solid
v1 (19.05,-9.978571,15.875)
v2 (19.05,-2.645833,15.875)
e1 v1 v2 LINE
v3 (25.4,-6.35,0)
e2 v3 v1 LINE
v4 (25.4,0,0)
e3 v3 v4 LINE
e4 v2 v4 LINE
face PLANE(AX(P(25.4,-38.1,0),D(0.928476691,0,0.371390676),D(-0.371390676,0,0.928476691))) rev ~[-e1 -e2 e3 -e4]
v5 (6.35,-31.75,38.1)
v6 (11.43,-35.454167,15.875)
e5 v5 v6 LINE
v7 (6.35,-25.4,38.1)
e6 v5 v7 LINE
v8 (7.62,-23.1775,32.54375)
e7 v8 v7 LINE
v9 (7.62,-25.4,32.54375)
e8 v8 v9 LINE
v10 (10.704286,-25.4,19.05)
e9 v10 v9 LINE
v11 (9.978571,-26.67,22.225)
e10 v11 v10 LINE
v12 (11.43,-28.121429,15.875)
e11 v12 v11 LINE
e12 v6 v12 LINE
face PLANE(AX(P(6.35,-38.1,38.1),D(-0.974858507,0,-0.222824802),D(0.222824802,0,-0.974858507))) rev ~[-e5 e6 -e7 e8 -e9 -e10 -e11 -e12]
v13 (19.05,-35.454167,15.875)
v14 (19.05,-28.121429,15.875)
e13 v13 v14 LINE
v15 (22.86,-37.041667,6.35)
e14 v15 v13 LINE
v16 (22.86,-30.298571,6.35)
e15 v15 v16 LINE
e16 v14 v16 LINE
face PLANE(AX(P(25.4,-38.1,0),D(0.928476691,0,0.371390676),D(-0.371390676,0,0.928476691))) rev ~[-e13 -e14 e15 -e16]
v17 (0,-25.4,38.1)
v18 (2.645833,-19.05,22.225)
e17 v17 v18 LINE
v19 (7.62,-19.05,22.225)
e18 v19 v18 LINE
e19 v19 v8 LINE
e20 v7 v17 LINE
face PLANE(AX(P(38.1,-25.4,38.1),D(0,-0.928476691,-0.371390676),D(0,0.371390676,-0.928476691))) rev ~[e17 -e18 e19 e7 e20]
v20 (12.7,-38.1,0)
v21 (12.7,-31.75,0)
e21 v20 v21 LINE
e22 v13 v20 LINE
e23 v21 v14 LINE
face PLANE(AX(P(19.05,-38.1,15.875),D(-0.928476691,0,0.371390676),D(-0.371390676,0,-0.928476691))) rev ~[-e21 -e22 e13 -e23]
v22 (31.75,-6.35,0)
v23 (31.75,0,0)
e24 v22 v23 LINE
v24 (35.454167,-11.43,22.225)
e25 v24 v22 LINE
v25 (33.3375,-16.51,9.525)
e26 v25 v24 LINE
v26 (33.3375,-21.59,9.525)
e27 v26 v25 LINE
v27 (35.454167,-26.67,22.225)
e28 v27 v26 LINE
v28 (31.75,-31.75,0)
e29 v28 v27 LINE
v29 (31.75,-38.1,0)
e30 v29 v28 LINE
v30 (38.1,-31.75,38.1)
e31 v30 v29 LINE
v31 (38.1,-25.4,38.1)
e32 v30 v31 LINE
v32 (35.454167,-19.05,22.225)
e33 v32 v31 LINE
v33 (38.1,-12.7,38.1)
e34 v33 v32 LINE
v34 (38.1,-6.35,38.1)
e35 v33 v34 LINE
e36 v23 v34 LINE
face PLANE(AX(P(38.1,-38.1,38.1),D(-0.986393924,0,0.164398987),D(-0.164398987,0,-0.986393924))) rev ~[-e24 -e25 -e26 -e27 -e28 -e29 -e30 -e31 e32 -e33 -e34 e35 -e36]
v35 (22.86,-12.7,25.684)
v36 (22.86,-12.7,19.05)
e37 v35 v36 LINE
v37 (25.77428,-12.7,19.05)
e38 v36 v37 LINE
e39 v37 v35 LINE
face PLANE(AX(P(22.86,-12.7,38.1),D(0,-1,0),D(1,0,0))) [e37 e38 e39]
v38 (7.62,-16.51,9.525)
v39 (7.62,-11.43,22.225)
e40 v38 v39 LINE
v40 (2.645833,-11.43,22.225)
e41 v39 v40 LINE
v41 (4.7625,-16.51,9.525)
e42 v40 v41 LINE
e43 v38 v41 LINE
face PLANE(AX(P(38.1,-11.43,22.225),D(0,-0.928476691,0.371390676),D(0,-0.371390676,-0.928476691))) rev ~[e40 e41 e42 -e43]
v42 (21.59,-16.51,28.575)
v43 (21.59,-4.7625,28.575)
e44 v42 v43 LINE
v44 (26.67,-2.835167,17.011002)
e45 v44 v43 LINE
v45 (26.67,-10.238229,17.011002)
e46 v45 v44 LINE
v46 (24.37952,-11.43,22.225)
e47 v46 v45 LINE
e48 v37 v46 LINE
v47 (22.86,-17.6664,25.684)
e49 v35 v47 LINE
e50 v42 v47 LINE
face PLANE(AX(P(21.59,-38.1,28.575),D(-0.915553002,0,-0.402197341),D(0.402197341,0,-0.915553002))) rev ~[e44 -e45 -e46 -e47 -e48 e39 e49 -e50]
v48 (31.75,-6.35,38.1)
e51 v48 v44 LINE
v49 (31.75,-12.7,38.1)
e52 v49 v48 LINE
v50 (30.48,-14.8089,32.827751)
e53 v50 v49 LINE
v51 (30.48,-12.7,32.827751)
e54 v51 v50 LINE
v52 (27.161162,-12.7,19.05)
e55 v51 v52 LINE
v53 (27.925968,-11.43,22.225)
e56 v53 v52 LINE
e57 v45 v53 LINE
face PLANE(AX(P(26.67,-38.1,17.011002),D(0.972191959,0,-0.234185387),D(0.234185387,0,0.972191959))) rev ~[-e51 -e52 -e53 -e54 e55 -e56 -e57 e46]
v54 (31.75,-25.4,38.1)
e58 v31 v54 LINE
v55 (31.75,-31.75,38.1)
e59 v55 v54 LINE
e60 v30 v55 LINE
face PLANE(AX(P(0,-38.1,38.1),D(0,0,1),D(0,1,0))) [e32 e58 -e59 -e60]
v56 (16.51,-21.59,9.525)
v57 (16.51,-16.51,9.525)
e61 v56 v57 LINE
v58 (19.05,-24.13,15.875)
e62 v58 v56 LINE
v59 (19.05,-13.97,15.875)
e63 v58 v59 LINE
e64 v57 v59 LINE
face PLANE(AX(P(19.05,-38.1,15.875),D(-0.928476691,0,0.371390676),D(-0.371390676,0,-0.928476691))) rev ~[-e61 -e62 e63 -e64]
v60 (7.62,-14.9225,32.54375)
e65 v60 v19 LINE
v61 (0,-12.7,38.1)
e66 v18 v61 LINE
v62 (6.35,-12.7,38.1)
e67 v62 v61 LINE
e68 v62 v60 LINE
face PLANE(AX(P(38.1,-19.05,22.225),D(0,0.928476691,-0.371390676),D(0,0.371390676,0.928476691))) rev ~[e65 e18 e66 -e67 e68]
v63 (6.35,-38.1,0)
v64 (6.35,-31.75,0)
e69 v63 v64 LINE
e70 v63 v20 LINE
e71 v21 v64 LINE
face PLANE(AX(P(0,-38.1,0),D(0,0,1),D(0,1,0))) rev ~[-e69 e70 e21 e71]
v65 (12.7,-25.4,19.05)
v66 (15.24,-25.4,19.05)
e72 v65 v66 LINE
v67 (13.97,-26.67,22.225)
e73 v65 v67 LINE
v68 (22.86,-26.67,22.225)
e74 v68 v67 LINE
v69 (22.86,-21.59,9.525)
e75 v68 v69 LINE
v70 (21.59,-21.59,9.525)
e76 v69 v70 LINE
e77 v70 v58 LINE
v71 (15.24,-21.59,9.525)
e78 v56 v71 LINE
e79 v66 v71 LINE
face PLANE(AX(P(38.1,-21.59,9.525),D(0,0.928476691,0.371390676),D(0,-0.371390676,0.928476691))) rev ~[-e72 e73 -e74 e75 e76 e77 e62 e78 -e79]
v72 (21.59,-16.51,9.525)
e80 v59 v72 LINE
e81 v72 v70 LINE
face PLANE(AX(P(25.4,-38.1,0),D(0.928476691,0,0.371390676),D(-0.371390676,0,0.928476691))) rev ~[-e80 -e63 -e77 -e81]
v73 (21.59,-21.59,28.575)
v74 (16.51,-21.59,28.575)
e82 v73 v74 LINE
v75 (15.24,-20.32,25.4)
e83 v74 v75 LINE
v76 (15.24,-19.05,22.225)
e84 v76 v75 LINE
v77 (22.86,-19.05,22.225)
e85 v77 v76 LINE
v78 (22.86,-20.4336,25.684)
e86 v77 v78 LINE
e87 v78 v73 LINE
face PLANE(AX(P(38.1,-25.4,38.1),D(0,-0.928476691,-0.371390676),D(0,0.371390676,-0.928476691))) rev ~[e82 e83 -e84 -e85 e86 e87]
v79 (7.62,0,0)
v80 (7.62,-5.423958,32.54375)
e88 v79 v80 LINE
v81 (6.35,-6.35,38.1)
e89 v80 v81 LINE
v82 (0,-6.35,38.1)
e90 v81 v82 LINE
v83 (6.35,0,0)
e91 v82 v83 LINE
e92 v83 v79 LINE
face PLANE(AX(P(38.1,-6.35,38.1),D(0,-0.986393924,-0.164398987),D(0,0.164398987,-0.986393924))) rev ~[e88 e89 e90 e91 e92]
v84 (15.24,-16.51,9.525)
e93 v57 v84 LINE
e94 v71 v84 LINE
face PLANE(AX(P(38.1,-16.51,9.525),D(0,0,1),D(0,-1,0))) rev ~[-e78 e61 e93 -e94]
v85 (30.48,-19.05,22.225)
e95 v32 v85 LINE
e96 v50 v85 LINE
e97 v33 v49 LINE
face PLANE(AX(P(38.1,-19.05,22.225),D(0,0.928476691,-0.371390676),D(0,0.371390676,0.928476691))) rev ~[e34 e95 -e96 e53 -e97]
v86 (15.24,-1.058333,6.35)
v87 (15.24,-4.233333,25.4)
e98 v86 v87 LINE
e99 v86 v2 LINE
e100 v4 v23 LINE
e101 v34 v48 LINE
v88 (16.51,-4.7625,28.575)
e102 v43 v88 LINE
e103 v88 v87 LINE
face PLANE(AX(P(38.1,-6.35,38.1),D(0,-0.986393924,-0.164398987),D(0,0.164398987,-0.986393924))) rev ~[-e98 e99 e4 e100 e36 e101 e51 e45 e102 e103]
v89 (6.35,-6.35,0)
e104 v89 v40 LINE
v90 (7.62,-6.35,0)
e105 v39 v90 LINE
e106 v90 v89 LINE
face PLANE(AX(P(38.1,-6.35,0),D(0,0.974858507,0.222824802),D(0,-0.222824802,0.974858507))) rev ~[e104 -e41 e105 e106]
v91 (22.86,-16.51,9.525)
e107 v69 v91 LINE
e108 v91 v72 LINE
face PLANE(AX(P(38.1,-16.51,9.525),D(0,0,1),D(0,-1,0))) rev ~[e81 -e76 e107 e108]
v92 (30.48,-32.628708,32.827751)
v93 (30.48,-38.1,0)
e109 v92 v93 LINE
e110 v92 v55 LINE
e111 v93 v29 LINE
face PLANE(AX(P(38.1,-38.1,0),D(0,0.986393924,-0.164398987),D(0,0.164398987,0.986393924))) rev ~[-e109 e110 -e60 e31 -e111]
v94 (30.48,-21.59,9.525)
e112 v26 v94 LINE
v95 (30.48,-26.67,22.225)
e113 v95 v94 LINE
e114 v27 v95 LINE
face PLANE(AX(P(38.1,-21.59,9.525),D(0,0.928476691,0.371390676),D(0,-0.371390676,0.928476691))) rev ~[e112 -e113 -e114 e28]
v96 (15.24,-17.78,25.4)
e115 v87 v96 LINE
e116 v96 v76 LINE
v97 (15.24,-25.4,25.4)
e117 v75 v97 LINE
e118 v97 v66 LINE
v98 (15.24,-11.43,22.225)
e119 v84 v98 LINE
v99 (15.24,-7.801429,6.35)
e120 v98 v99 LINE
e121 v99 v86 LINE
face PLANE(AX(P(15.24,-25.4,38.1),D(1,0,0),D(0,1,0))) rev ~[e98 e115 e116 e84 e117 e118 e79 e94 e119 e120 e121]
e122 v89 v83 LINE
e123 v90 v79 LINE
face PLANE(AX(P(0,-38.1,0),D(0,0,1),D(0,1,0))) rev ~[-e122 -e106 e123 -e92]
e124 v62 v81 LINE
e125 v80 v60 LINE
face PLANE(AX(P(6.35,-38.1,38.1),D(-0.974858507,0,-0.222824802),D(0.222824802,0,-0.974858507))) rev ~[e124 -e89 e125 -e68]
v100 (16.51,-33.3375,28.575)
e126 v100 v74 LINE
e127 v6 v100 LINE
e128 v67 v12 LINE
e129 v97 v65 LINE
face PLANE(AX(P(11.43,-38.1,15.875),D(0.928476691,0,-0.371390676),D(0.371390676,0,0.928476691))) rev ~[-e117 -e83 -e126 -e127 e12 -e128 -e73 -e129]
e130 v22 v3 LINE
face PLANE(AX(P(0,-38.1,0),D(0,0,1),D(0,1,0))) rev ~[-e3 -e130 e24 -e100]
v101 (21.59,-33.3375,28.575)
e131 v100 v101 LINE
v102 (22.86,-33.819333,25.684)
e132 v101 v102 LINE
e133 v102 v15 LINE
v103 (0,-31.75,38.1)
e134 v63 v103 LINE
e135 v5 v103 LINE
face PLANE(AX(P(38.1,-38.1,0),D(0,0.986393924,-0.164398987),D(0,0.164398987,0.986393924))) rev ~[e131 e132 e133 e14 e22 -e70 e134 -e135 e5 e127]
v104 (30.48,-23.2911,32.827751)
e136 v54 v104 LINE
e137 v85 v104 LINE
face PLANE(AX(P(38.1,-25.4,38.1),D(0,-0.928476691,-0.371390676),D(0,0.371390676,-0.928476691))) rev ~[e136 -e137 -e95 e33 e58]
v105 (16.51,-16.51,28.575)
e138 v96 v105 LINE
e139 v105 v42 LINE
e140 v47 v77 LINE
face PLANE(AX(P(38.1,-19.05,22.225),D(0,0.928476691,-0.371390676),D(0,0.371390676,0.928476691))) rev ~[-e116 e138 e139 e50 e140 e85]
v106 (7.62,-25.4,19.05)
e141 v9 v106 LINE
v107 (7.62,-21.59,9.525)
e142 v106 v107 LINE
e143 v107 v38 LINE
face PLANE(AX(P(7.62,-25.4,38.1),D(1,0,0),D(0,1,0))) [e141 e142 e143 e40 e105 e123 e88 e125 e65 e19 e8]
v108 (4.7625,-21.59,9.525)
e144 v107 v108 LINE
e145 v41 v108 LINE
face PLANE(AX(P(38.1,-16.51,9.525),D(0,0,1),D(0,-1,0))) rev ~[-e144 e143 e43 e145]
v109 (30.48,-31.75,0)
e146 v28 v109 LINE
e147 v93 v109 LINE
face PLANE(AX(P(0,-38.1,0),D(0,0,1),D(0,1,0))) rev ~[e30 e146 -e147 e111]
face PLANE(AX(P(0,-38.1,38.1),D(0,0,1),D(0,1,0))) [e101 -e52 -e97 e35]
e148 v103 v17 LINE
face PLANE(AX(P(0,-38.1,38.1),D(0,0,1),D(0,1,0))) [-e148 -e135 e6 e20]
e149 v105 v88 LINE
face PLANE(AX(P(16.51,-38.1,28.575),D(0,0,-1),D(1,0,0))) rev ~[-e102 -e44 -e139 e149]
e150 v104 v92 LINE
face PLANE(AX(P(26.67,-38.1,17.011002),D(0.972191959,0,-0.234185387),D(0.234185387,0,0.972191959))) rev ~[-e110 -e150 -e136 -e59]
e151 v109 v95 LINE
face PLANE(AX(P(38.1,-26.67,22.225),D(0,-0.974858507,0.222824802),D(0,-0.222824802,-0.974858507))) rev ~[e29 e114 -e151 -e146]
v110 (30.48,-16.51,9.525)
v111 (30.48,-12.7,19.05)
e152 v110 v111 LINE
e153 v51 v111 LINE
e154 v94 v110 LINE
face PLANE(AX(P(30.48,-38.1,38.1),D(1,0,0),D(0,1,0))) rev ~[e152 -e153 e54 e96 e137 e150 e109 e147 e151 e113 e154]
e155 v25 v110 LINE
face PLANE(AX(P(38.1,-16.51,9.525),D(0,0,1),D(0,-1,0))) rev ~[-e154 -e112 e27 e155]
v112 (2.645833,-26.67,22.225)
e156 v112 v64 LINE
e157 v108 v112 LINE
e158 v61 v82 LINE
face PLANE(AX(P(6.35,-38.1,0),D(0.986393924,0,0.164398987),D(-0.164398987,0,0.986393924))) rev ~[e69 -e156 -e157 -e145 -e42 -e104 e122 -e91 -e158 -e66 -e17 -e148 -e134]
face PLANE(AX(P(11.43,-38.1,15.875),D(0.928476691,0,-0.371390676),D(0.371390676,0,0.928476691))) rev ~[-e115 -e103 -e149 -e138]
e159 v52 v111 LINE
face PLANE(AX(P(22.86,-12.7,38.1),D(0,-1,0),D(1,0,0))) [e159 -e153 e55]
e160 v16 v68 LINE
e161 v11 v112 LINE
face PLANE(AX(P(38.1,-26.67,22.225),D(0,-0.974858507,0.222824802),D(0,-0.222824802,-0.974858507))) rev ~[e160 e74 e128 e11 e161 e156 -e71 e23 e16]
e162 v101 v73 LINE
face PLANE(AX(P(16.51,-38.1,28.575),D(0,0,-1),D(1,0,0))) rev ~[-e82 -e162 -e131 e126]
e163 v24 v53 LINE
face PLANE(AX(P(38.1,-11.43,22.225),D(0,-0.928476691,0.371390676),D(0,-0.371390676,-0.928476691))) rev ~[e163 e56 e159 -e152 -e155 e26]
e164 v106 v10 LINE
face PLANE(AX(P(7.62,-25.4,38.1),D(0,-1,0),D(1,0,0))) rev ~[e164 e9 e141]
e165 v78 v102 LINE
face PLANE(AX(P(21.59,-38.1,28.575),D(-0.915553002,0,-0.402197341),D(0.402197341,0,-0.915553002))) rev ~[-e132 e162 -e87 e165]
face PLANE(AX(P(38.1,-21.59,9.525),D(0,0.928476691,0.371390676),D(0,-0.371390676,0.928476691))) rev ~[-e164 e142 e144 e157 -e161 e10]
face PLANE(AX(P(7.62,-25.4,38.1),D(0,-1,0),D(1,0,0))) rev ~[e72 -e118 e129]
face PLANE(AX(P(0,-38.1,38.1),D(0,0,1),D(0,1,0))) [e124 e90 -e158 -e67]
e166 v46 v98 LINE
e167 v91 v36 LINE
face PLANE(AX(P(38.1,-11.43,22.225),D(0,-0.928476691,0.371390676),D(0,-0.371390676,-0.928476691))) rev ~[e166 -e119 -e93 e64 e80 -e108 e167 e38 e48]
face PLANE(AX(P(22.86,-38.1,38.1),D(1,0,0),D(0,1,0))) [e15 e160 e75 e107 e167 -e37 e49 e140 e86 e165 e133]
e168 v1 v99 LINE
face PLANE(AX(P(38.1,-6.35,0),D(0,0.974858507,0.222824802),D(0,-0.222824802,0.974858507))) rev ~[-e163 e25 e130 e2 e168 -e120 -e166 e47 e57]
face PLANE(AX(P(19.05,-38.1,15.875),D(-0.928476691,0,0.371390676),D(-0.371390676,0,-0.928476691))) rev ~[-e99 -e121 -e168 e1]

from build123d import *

# Parameters (mm, degrees)
F0_W      = 38.1
F0_H      = 38.1
F1_DEPTH  = 38.1
F6_DEPTH  = 38.1
F8_DEPTH  = 38.1
F9_W      = 7.62
F9_H      = 25.4
F10_DEPTH = 38.1


with BuildPart() as f1:
    # F0 (on Right) → F1 (new body)
    with BuildSketch(Plane.YZ):
        with Locations((-19.05, 19.05)):
            Rectangle(F0_W, F0_H)
    extrude(amount=F1_DEPTH)

    # F5 (on offset) → F6 (cut)
    with BuildSketch(Plane.XZ.offset(38.1)):
        Polygon((31.75, 38.1), (6.35, 38.1), (11.43, 15.875), (16.51, 28.575), (21.59, 28.575), (26.67, 17.011002), align=None)
        Polygon((0, 38.1), (0, 0), (6.35, 0), align=None)
        Polygon((38.1, 38.1), (31.75, 0), (38.1, 0), align=None)
        Polygon((19.05, 15.875), (12.7, 0), (25.4, 0), align=None)
    extrude(amount=-F6_DEPTH, mode=Mode.SUBTRACT)

    # F7 (on offset) → F8 (cut)
    with BuildSketch(Plane.YZ.offset(38.1)):
        Polygon((-38.1, 38.1), (-38.1, 0), (-31.75, 38.1), align=None)
        Polygon((-19.05, 22.225), (-12.7, 38.1), (-25.4, 38.1), align=None)
        Polygon((-31.75, 0), (-6.35, 0), (-11.43, 22.225), (-16.51, 9.525), (-21.59, 9.525), (-26.67, 22.225), align=None)
        Polygon((-6.35, 38.1), (0, 0), (0, 38.1), align=None)
    extrude(amount=-F8_DEPTH, mode=Mode.SUBTRACT)

    # F9 (on offset) → F10 (cut)
    with BuildSketch(Plane.XY.offset(38.1)):
        with Locations((11.43, -12.7)):
            Rectangle(F9_W, F9_H)
        with Locations((26.67, -25.4)):
            Rectangle(F9_W, F9_H)
    extrude(amount=-F10_DEPTH, mode=Mode.SUBTRACT)


solid = f1.part
